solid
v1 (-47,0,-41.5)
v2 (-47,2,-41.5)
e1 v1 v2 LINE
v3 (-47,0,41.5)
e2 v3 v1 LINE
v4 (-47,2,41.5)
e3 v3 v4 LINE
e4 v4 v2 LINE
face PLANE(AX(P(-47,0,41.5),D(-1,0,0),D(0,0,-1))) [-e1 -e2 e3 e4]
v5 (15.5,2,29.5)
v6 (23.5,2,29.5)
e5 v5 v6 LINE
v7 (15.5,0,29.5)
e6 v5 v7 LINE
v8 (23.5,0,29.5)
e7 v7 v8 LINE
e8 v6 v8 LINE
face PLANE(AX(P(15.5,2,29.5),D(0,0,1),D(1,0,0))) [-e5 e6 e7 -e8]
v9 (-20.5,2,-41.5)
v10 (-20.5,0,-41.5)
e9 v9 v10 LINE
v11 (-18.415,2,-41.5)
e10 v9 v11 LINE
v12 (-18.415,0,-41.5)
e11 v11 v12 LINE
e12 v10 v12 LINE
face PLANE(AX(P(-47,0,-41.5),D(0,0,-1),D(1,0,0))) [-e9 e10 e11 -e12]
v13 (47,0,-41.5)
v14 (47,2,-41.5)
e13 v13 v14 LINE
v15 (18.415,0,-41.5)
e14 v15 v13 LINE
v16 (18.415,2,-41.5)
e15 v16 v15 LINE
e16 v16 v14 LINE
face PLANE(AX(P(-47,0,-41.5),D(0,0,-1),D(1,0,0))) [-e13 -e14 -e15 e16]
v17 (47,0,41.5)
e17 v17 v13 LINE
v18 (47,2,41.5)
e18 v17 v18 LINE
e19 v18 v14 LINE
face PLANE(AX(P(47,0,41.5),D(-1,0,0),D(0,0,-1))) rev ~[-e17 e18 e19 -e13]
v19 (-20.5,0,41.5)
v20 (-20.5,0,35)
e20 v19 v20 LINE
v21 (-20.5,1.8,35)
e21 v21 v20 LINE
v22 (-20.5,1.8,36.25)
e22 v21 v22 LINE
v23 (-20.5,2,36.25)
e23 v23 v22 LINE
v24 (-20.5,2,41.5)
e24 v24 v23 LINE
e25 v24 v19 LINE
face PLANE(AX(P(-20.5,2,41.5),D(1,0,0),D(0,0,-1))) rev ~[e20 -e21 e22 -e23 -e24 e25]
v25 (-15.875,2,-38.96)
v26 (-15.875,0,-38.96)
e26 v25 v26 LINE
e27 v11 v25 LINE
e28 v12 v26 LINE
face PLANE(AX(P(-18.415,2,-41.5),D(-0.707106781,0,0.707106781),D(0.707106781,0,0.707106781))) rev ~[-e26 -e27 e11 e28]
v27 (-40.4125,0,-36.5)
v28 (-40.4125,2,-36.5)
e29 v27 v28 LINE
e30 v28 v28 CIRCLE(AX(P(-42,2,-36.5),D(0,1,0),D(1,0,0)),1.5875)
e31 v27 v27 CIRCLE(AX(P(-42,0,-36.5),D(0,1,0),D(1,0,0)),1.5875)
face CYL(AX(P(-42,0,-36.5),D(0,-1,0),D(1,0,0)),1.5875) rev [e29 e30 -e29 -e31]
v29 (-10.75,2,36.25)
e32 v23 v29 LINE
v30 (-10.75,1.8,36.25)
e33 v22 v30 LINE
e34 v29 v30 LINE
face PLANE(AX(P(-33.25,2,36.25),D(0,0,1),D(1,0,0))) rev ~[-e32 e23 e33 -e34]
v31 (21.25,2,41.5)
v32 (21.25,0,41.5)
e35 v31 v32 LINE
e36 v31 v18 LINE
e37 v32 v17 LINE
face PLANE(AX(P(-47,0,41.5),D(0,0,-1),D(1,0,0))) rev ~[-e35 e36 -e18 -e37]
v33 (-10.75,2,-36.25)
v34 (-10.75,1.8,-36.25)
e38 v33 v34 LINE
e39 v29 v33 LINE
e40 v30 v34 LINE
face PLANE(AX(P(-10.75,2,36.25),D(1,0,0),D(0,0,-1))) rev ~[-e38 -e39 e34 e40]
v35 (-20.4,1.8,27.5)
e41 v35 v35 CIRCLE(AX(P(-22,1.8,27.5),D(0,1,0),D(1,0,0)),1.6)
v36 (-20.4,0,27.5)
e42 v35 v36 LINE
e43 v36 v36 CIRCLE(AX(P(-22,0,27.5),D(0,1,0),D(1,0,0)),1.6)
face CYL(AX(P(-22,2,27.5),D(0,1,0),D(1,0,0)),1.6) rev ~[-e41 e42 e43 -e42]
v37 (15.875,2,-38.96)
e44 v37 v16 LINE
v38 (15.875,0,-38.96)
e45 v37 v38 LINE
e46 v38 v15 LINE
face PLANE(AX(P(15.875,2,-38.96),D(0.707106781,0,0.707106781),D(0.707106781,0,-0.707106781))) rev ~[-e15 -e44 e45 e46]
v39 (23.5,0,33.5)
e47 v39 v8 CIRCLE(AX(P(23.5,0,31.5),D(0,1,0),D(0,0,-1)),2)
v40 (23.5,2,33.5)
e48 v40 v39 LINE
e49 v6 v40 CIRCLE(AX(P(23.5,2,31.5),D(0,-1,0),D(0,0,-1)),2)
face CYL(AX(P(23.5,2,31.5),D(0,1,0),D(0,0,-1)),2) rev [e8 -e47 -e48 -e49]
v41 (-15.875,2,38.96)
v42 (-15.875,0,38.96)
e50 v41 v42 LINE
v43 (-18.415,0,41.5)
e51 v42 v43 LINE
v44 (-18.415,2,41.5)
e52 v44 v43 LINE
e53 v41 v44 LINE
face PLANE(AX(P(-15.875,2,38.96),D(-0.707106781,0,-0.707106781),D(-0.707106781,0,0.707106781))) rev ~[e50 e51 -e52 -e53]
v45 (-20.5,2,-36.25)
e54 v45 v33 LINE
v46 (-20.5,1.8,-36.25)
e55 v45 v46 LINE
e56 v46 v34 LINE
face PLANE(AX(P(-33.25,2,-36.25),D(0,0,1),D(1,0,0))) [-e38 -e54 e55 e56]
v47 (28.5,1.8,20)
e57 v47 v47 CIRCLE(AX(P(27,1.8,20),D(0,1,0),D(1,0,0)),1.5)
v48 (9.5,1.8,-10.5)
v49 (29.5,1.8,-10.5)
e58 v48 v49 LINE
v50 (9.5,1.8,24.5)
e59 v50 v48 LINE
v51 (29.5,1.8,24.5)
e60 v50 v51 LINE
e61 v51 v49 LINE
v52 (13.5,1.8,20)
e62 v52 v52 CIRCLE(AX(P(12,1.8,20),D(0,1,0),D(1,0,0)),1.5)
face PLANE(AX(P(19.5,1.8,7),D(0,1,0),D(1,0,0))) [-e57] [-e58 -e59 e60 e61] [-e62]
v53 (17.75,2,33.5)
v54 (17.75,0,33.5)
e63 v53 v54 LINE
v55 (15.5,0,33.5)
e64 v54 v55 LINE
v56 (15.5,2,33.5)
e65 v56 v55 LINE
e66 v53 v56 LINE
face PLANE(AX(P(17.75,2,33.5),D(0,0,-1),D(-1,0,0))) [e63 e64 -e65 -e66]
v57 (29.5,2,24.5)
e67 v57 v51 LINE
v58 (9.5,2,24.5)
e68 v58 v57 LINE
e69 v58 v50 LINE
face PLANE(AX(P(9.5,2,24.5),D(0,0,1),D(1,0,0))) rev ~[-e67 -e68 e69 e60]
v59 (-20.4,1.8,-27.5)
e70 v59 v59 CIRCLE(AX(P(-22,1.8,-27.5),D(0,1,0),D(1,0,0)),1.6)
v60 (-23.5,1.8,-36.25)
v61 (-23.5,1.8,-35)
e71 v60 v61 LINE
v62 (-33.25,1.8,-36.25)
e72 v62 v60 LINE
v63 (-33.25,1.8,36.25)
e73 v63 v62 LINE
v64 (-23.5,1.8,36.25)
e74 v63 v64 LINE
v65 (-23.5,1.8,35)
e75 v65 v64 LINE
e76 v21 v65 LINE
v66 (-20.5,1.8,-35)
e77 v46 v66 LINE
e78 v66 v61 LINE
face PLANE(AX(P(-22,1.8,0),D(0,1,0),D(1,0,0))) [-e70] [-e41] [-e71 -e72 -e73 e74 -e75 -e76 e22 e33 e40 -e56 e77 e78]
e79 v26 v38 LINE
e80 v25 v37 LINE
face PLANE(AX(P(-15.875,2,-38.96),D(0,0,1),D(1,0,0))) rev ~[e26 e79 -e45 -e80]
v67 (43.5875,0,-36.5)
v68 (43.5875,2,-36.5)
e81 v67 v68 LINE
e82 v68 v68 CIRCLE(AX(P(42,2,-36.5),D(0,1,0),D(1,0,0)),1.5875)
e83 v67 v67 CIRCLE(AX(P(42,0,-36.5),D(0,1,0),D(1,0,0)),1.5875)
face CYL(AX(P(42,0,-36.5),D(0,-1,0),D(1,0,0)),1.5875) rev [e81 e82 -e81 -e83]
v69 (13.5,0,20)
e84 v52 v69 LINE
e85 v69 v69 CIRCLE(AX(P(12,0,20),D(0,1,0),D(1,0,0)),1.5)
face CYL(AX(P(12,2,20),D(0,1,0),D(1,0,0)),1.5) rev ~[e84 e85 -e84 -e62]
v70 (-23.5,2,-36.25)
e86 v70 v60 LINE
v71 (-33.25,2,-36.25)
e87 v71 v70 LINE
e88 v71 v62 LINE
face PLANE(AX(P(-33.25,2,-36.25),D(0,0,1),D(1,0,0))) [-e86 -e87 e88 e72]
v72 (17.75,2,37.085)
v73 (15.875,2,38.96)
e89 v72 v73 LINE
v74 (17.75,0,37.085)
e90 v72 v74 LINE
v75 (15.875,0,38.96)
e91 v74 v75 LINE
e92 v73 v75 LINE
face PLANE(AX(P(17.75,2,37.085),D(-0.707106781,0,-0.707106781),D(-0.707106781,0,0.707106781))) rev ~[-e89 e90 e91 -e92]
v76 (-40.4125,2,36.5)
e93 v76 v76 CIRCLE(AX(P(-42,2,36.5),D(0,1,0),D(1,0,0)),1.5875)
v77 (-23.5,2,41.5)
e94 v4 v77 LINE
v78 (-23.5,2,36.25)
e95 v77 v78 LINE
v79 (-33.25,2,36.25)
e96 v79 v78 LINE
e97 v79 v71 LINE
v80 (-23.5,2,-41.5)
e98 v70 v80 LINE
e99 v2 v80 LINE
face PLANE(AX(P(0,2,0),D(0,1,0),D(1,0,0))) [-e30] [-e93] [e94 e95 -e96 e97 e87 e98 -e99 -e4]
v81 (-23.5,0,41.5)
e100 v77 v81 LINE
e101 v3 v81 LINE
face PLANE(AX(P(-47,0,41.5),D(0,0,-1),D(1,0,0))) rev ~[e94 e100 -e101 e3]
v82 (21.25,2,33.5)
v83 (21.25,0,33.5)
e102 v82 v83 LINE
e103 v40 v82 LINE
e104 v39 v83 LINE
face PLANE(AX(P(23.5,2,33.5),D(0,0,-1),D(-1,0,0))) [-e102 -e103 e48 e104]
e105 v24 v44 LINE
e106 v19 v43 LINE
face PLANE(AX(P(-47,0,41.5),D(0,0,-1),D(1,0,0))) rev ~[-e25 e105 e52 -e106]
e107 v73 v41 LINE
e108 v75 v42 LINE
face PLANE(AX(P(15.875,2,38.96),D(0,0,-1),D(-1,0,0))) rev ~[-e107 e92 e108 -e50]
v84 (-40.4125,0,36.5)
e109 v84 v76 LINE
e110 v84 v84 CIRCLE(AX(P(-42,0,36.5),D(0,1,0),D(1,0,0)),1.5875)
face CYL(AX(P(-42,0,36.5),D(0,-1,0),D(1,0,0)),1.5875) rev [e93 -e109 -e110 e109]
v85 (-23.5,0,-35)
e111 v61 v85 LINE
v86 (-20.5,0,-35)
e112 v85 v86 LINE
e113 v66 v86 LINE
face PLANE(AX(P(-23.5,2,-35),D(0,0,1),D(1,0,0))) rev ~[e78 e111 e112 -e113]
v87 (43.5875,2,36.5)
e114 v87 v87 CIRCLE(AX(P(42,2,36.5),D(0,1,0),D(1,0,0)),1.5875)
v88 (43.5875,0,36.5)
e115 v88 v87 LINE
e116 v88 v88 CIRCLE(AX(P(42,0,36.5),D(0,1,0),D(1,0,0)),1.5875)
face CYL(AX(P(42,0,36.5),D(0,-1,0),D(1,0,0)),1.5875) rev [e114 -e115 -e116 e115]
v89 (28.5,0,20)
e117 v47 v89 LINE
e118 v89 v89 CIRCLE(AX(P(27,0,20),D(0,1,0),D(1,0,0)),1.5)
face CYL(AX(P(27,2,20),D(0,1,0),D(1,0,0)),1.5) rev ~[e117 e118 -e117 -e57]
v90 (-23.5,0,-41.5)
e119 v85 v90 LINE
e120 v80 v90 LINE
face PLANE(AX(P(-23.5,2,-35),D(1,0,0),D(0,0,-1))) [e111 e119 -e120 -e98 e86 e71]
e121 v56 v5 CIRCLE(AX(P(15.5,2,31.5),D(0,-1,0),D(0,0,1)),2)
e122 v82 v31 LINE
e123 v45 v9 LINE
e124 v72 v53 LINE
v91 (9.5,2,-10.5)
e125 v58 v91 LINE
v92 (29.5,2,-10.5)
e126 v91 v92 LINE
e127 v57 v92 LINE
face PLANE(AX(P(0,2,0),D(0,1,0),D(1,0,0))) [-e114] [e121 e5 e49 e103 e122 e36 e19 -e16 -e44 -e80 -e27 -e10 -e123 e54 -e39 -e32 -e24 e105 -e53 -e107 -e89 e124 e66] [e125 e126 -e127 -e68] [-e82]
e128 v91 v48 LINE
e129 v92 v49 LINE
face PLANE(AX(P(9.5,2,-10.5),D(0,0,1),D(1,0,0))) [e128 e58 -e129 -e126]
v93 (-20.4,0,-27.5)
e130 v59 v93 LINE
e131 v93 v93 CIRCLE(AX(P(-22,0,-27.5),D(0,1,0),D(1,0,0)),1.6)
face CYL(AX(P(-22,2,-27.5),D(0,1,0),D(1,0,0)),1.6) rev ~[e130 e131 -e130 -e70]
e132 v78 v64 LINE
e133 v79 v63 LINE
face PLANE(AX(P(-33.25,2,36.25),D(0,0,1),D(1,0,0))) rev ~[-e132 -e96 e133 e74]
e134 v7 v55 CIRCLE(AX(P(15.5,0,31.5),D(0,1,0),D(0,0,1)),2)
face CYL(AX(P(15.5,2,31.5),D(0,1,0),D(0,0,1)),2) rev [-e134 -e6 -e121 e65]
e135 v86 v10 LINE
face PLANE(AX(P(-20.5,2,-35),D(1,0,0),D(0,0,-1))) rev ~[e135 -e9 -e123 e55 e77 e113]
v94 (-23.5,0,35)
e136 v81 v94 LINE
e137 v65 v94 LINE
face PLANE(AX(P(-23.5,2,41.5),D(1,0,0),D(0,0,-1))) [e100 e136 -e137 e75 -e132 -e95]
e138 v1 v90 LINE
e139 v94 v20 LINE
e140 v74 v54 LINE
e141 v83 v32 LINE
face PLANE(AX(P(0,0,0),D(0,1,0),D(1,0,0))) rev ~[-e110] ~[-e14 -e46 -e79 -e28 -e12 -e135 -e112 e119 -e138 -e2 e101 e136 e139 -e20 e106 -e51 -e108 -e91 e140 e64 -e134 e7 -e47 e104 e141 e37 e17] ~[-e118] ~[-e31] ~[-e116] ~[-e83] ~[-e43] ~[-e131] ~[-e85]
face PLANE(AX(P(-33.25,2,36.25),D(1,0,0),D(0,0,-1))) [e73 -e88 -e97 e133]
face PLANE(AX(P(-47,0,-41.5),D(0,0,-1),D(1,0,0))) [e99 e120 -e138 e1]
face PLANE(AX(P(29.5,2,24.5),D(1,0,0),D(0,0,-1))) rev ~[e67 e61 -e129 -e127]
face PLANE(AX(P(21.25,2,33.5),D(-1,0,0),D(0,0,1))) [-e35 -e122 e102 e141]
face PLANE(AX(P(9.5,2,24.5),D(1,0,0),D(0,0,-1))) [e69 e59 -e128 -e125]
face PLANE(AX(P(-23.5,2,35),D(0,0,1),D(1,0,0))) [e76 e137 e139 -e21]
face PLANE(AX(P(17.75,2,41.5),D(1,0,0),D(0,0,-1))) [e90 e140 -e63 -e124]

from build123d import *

# Parameters (mm, degrees)
SKETCH1_W           = 94
SKETCH1_H           = 83
SKETCH1_R           = 1.5875
BOSS_EXTRUDE1_DEPTH = 2
SKETCH2_R           = 1.6
SKETCH2_R_2         = 1.5
SKETCH2_W           = 3
SKETCH2_H           = 6.5
CUT_EXTRUDE1_DEPTH  = 3
SKETCH3_W           = 22.5
SKETCH3_H           = 72.5
SKETCH3_W_2         = 20
SKETCH3_H_2         = 35
CUT_EXTRUDE2_DEPTH  = 0.2
CUT_EXTRUDE3_DEPTH  = 3


with BuildPart() as part:
    # Sketch1 → Boss-Extrude1 (new body)
    with BuildSketch(Plane(origin=(0, 0, 0), x_dir=(1, 0, 0), z_dir=(0, 1, 0))):
        Rectangle(SKETCH1_W, SKETCH1_H)
        with Locations((-42, 36.5)):
            Circle(SKETCH1_R, mode=Mode.SUBTRACT)
        with Locations((42, 36.5)):
            Circle(SKETCH1_R, mode=Mode.SUBTRACT)
        with Locations((42, -36.5)):
            Circle(SKETCH1_R, mode=Mode.SUBTRACT)
        with Locations((-42, -36.5)):
            Circle(SKETCH1_R, mode=Mode.SUBTRACT)
    extrude(amount=BOSS_EXTRUDE1_DEPTH)

    # Sketch2 → Cut-Extrude1 (cut, through all)
    with BuildSketch(Plane(origin=(0, 2, 0), x_dir=(1, 0, 0), z_dir=(0, 1, 0))):
        with Locations((-22, -27.5)):
            Circle(SKETCH2_R)
        with Locations((-22, 27.5)):
            Circle(SKETCH2_R)
        with Locations((12, -20)):
            Circle(SKETCH2_R_2)
        with Locations((27, -20)):
            Circle(SKETCH2_R_2)
        with Locations((-22, 38.25)):
            Rectangle(SKETCH2_W, SKETCH2_H)
        with Locations((-22, -38.25)):
            Rectangle(SKETCH2_W, SKETCH2_H)
        with BuildLine():
            Line((15.5, -29.5), (23.5, -29.5))
            ThreePointArc((23.5, -29.5), (25.5, -31.5), (23.5, -33.5))
            Line((23.5, -33.5), (21.25, -33.5))
            Line((21.25, -33.5), (21.25, -41.5))
            Line((21.25, -41.5), (17.75, -41.5))
            Line((17.75, -41.5), (17.75, -33.5))
            Line((17.75, -33.5), (15.5, -33.5))
            ThreePointArc((15.5, -33.5), (13.5, -31.5), (15.5, -29.5))
        make_face()
    extrude(amount=-CUT_EXTRUDE1_DEPTH, mode=Mode.SUBTRACT)

    # Sketch3 → Cut-Extrude2 (cut)
    with BuildSketch(Plane(origin=(0, 2, 0), x_dir=(1, 0, 0), z_dir=(0, 1, 0))):
        with Locations((-22, 0)):
            Rectangle(SKETCH3_W, SKETCH3_H)
        with Locations((19.5, -7)):
            Rectangle(SKETCH3_W_2, SKETCH3_H_2)
    extrude(amount=-CUT_EXTRUDE2_DEPTH, mode=Mode.SUBTRACT)

    # Sketch4 → Cut-Extrude3 (cut, through all)
    with BuildSketch(Plane(origin=(0, 2, 0), x_dir=(1, 0, 0), z_dir=(0, 1, 0))):
        Polygon((18.415, 41.5), (-18.415, 41.5), (-15.875, 38.96), (15.875, 38.96), align=None)
        Polygon((-15.875, -38.96), (-18.415, -41.5), (17.75, -41.5), (17.75, -37.085), (15.875, -38.96), align=None)
    extrude(amount=-CUT_EXTRUDE3_DEPTH, mode=Mode.SUBTRACT)


solid = part.part
